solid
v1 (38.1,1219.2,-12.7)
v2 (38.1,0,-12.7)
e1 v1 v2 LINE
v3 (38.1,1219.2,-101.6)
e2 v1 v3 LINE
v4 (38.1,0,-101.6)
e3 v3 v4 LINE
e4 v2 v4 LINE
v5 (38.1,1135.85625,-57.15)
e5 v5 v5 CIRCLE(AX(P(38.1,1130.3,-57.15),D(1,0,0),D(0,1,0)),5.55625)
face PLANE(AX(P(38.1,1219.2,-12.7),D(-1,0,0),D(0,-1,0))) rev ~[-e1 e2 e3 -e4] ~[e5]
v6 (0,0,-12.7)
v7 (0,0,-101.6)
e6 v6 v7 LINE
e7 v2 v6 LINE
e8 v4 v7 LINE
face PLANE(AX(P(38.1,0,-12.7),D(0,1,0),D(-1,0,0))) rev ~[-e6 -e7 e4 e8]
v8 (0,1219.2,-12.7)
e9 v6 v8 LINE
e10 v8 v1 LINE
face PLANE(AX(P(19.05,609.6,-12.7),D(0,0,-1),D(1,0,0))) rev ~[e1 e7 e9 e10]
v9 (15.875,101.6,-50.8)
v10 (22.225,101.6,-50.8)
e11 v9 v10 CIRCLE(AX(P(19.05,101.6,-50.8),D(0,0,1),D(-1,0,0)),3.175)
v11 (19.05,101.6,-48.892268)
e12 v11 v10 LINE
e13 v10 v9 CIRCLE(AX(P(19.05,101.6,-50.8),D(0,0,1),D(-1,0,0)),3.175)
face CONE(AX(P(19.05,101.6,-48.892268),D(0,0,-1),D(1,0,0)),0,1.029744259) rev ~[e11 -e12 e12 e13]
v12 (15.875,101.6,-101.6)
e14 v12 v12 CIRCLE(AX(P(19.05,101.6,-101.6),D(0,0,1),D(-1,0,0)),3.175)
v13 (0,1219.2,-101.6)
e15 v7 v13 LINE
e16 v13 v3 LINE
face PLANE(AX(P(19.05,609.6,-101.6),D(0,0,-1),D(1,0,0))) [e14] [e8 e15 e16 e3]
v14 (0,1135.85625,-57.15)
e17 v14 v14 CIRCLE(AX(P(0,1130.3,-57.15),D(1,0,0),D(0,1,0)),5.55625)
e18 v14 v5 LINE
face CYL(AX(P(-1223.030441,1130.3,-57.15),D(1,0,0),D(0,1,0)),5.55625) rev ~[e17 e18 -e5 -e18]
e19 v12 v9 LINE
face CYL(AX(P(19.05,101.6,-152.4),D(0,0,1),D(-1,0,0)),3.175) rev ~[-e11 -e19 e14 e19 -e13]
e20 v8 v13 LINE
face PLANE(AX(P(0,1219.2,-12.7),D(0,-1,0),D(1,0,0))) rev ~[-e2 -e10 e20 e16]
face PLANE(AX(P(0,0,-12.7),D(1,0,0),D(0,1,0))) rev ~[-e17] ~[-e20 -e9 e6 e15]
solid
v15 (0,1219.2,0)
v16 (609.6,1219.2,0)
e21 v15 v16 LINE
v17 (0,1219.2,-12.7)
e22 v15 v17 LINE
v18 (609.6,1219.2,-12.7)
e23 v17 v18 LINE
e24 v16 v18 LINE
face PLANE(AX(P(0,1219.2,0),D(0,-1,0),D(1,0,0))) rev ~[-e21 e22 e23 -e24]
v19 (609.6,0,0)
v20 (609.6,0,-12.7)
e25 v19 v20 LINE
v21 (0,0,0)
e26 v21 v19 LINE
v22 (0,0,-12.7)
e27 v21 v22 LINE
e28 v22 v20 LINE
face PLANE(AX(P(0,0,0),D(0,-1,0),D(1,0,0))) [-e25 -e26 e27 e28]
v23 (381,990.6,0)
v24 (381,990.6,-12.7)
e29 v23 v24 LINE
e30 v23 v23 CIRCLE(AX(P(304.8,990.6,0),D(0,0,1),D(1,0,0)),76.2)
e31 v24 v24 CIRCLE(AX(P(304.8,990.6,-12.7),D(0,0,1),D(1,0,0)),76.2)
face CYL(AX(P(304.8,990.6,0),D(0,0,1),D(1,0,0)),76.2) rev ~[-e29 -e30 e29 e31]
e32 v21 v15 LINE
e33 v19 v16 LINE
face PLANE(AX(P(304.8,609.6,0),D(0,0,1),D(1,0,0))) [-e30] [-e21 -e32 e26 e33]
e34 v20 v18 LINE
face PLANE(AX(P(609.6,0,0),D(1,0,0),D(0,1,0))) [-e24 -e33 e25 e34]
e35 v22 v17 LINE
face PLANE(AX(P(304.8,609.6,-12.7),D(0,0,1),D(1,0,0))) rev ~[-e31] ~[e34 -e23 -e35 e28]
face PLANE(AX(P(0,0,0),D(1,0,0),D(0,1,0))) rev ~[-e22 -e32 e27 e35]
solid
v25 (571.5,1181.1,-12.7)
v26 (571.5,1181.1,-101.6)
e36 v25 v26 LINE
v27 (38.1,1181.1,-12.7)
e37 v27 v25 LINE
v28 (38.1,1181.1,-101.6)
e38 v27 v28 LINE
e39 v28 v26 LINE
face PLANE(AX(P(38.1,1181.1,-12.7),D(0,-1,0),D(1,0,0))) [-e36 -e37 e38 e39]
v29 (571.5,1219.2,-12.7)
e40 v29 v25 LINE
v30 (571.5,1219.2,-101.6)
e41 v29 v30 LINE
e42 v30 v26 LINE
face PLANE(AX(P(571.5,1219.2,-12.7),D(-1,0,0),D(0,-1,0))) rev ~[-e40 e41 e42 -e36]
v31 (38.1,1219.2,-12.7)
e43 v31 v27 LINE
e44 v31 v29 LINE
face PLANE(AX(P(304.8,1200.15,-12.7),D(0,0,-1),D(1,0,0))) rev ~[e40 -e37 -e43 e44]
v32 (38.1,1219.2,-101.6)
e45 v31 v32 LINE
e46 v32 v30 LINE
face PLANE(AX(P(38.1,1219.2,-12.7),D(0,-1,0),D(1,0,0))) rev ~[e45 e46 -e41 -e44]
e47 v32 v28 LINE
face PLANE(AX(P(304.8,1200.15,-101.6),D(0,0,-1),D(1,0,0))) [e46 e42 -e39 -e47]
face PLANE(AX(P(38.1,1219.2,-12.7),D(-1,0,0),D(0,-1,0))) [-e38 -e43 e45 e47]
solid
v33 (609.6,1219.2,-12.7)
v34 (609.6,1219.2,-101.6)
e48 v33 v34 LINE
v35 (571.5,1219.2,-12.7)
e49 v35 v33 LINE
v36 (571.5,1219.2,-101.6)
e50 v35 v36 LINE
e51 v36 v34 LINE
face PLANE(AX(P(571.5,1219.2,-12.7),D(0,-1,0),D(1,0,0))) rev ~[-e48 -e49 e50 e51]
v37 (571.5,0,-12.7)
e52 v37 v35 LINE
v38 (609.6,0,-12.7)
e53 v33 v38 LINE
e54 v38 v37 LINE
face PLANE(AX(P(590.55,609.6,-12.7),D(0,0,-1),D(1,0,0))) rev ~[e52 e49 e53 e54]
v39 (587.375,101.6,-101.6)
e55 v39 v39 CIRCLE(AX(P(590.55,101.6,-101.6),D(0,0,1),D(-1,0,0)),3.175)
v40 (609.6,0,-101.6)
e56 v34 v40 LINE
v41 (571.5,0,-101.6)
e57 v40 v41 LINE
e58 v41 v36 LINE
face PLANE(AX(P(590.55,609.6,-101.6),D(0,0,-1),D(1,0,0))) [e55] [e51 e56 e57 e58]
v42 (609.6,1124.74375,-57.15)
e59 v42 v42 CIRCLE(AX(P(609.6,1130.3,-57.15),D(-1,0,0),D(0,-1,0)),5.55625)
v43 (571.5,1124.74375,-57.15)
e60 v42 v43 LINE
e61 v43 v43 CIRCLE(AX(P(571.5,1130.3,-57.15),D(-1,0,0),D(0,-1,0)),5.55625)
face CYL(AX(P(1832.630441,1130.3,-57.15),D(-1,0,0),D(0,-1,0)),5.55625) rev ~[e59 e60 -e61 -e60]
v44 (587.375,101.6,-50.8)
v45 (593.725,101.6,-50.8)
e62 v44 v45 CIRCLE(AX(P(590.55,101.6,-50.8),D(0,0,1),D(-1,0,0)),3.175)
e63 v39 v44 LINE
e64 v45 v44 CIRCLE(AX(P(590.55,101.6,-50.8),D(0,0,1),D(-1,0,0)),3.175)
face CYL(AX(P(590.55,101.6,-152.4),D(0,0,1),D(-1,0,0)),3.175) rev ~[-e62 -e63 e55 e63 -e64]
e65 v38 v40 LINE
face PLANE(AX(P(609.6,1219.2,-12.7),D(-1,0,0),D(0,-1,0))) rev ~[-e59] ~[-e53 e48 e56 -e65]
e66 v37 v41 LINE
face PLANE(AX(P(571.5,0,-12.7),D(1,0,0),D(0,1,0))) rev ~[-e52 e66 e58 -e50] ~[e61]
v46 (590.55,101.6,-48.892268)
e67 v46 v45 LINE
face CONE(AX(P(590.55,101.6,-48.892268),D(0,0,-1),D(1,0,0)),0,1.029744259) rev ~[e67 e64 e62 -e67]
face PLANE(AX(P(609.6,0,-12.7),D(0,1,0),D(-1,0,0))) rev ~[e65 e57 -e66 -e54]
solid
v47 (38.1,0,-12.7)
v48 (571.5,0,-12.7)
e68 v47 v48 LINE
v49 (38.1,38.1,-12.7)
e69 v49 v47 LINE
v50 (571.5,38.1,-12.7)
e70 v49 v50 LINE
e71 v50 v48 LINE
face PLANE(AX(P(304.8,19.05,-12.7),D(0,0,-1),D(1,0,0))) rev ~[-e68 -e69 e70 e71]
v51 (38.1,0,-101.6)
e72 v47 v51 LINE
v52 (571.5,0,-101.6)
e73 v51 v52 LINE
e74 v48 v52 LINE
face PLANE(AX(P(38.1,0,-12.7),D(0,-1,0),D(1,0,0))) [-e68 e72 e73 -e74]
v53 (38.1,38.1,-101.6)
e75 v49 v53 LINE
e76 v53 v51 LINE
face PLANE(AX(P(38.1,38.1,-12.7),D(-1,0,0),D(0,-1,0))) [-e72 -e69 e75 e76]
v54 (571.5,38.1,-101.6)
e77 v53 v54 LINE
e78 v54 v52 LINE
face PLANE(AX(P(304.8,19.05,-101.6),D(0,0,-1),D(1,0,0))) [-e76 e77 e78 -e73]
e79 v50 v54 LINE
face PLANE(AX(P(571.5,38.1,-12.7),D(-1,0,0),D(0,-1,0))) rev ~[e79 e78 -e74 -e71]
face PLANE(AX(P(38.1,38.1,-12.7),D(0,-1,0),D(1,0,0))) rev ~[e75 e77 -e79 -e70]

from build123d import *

# Parameters (mm, degrees)
F0_W      = 609.6
F0_H      = 1219.2
F0_R      = 76.2
F1_DEPTH  = 12.7
F3_DEPTH  = 88.9
F2_W      = 533.4
F2_H      = 38.1
F4_DEPTH  = 88.9
F6_D      = 11.1125
F8_D      = 11.1125
F10_D     = 6.35
F10_DEPTH = 50.8
F10_TIP   = 1.9077324654
F12_D     = 6.35
F12_DEPTH = 50.8
F12_TIP   = 1.9077324654


with BuildPart() as f1:
    # F0 (on Top) → F1 (new body)
    with BuildSketch(Plane.XY):
        with Locations((304.8, 609.6)):
            Rectangle(F0_W, F0_H)
        with Locations((304.8, 990.6)):
            Circle(F0_R, mode=Mode.SUBTRACT)
    extrude(amount=-F1_DEPTH)


with BuildPart() as f3:
    # F2 (on face) → F3 (new body)
    with BuildSketch(Plane(origin=(0, 0, -12.7), x_dir=(1, 0, 0), z_dir=(0, 0, -1))):
        Polygon((0, 0), (0, -1219.2), (38.1, -1219.2), (38.1, -1181.1), (38.1, -38.1), (38.1, 0), align=None)
    extrude(amount=F3_DEPTH)

    # F8 (through all)
    with Locations(Plane(origin=(0, 0, 0), x_dir=(0, -1, 0), z_dir=(-1, 0, 0))):
        with Locations((-1130.3, -57.15)):
            Hole(F8_D / 2)

    # F10
    with Locations(Plane(origin=(0, 0, -101.6), x_dir=(1, 0, 0), z_dir=(0, 0, -1))):
        with Locations((19.05, -101.6)):
            Hole(F10_D / 2, depth=F10_DEPTH)
            with Locations((0, 0, -(F10_DEPTH + F10_TIP / 2))):  # 118° drill point
                Cone(0, F10_D / 2, F10_TIP, mode=Mode.SUBTRACT)


with BuildPart() as f3b:
    # F2 (on face) → F3, piece 2 (new body)
    with BuildSketch(Plane(origin=(0, 0, -12.7), x_dir=(1, 0, 0), z_dir=(0, 0, -1))):
        Polygon((571.5, -1181.1), (571.5, -1219.2), (609.6, -1219.2), (609.6, 0), (571.5, 0), (571.5, -38.1), align=None)
    extrude(amount=F3_DEPTH)

    # F6 (through all)
    with Locations(Plane.YZ.offset(609.6)):
        with Locations((1130.3, -57.15)):
            Hole(F6_D / 2)

    # F12
    with Locations(Plane(origin=(0, 0, -101.6), x_dir=(1, 0, 0), z_dir=(0, 0, -1))):
        with Locations((590.55, -101.6)):
            Hole(F12_D / 2, depth=F12_DEPTH)
            with Locations((0, 0, -(F12_DEPTH + F12_TIP / 2))):  # 118° drill point
                Cone(0, F12_D / 2, F12_TIP, mode=Mode.SUBTRACT)


with BuildPart() as f4:
    # F2 (on face) → F4 (new body)
    with BuildSketch(Plane(origin=(0, 0, -12.7), x_dir=(1, 0, 0), z_dir=(0, 0, -1))):
        with Locations((304.8, -19.05)):
            Rectangle(F2_W, F2_H)
    extrude(amount=F4_DEPTH)


with BuildPart() as f4b:
    # F2 (on face) → F4, piece 2 (new body)
    with BuildSketch(Plane(origin=(0, 0, -12.7), x_dir=(1, 0, 0), z_dir=(0, 0, -1))):
        with Locations((304.8, -1200.15)):
            Rectangle(F2_W, F2_H)
    extrude(amount=F4_DEPTH)


solid = Compound([f1.part, f3.part, f3b.part, f4.part, f4b.part])
